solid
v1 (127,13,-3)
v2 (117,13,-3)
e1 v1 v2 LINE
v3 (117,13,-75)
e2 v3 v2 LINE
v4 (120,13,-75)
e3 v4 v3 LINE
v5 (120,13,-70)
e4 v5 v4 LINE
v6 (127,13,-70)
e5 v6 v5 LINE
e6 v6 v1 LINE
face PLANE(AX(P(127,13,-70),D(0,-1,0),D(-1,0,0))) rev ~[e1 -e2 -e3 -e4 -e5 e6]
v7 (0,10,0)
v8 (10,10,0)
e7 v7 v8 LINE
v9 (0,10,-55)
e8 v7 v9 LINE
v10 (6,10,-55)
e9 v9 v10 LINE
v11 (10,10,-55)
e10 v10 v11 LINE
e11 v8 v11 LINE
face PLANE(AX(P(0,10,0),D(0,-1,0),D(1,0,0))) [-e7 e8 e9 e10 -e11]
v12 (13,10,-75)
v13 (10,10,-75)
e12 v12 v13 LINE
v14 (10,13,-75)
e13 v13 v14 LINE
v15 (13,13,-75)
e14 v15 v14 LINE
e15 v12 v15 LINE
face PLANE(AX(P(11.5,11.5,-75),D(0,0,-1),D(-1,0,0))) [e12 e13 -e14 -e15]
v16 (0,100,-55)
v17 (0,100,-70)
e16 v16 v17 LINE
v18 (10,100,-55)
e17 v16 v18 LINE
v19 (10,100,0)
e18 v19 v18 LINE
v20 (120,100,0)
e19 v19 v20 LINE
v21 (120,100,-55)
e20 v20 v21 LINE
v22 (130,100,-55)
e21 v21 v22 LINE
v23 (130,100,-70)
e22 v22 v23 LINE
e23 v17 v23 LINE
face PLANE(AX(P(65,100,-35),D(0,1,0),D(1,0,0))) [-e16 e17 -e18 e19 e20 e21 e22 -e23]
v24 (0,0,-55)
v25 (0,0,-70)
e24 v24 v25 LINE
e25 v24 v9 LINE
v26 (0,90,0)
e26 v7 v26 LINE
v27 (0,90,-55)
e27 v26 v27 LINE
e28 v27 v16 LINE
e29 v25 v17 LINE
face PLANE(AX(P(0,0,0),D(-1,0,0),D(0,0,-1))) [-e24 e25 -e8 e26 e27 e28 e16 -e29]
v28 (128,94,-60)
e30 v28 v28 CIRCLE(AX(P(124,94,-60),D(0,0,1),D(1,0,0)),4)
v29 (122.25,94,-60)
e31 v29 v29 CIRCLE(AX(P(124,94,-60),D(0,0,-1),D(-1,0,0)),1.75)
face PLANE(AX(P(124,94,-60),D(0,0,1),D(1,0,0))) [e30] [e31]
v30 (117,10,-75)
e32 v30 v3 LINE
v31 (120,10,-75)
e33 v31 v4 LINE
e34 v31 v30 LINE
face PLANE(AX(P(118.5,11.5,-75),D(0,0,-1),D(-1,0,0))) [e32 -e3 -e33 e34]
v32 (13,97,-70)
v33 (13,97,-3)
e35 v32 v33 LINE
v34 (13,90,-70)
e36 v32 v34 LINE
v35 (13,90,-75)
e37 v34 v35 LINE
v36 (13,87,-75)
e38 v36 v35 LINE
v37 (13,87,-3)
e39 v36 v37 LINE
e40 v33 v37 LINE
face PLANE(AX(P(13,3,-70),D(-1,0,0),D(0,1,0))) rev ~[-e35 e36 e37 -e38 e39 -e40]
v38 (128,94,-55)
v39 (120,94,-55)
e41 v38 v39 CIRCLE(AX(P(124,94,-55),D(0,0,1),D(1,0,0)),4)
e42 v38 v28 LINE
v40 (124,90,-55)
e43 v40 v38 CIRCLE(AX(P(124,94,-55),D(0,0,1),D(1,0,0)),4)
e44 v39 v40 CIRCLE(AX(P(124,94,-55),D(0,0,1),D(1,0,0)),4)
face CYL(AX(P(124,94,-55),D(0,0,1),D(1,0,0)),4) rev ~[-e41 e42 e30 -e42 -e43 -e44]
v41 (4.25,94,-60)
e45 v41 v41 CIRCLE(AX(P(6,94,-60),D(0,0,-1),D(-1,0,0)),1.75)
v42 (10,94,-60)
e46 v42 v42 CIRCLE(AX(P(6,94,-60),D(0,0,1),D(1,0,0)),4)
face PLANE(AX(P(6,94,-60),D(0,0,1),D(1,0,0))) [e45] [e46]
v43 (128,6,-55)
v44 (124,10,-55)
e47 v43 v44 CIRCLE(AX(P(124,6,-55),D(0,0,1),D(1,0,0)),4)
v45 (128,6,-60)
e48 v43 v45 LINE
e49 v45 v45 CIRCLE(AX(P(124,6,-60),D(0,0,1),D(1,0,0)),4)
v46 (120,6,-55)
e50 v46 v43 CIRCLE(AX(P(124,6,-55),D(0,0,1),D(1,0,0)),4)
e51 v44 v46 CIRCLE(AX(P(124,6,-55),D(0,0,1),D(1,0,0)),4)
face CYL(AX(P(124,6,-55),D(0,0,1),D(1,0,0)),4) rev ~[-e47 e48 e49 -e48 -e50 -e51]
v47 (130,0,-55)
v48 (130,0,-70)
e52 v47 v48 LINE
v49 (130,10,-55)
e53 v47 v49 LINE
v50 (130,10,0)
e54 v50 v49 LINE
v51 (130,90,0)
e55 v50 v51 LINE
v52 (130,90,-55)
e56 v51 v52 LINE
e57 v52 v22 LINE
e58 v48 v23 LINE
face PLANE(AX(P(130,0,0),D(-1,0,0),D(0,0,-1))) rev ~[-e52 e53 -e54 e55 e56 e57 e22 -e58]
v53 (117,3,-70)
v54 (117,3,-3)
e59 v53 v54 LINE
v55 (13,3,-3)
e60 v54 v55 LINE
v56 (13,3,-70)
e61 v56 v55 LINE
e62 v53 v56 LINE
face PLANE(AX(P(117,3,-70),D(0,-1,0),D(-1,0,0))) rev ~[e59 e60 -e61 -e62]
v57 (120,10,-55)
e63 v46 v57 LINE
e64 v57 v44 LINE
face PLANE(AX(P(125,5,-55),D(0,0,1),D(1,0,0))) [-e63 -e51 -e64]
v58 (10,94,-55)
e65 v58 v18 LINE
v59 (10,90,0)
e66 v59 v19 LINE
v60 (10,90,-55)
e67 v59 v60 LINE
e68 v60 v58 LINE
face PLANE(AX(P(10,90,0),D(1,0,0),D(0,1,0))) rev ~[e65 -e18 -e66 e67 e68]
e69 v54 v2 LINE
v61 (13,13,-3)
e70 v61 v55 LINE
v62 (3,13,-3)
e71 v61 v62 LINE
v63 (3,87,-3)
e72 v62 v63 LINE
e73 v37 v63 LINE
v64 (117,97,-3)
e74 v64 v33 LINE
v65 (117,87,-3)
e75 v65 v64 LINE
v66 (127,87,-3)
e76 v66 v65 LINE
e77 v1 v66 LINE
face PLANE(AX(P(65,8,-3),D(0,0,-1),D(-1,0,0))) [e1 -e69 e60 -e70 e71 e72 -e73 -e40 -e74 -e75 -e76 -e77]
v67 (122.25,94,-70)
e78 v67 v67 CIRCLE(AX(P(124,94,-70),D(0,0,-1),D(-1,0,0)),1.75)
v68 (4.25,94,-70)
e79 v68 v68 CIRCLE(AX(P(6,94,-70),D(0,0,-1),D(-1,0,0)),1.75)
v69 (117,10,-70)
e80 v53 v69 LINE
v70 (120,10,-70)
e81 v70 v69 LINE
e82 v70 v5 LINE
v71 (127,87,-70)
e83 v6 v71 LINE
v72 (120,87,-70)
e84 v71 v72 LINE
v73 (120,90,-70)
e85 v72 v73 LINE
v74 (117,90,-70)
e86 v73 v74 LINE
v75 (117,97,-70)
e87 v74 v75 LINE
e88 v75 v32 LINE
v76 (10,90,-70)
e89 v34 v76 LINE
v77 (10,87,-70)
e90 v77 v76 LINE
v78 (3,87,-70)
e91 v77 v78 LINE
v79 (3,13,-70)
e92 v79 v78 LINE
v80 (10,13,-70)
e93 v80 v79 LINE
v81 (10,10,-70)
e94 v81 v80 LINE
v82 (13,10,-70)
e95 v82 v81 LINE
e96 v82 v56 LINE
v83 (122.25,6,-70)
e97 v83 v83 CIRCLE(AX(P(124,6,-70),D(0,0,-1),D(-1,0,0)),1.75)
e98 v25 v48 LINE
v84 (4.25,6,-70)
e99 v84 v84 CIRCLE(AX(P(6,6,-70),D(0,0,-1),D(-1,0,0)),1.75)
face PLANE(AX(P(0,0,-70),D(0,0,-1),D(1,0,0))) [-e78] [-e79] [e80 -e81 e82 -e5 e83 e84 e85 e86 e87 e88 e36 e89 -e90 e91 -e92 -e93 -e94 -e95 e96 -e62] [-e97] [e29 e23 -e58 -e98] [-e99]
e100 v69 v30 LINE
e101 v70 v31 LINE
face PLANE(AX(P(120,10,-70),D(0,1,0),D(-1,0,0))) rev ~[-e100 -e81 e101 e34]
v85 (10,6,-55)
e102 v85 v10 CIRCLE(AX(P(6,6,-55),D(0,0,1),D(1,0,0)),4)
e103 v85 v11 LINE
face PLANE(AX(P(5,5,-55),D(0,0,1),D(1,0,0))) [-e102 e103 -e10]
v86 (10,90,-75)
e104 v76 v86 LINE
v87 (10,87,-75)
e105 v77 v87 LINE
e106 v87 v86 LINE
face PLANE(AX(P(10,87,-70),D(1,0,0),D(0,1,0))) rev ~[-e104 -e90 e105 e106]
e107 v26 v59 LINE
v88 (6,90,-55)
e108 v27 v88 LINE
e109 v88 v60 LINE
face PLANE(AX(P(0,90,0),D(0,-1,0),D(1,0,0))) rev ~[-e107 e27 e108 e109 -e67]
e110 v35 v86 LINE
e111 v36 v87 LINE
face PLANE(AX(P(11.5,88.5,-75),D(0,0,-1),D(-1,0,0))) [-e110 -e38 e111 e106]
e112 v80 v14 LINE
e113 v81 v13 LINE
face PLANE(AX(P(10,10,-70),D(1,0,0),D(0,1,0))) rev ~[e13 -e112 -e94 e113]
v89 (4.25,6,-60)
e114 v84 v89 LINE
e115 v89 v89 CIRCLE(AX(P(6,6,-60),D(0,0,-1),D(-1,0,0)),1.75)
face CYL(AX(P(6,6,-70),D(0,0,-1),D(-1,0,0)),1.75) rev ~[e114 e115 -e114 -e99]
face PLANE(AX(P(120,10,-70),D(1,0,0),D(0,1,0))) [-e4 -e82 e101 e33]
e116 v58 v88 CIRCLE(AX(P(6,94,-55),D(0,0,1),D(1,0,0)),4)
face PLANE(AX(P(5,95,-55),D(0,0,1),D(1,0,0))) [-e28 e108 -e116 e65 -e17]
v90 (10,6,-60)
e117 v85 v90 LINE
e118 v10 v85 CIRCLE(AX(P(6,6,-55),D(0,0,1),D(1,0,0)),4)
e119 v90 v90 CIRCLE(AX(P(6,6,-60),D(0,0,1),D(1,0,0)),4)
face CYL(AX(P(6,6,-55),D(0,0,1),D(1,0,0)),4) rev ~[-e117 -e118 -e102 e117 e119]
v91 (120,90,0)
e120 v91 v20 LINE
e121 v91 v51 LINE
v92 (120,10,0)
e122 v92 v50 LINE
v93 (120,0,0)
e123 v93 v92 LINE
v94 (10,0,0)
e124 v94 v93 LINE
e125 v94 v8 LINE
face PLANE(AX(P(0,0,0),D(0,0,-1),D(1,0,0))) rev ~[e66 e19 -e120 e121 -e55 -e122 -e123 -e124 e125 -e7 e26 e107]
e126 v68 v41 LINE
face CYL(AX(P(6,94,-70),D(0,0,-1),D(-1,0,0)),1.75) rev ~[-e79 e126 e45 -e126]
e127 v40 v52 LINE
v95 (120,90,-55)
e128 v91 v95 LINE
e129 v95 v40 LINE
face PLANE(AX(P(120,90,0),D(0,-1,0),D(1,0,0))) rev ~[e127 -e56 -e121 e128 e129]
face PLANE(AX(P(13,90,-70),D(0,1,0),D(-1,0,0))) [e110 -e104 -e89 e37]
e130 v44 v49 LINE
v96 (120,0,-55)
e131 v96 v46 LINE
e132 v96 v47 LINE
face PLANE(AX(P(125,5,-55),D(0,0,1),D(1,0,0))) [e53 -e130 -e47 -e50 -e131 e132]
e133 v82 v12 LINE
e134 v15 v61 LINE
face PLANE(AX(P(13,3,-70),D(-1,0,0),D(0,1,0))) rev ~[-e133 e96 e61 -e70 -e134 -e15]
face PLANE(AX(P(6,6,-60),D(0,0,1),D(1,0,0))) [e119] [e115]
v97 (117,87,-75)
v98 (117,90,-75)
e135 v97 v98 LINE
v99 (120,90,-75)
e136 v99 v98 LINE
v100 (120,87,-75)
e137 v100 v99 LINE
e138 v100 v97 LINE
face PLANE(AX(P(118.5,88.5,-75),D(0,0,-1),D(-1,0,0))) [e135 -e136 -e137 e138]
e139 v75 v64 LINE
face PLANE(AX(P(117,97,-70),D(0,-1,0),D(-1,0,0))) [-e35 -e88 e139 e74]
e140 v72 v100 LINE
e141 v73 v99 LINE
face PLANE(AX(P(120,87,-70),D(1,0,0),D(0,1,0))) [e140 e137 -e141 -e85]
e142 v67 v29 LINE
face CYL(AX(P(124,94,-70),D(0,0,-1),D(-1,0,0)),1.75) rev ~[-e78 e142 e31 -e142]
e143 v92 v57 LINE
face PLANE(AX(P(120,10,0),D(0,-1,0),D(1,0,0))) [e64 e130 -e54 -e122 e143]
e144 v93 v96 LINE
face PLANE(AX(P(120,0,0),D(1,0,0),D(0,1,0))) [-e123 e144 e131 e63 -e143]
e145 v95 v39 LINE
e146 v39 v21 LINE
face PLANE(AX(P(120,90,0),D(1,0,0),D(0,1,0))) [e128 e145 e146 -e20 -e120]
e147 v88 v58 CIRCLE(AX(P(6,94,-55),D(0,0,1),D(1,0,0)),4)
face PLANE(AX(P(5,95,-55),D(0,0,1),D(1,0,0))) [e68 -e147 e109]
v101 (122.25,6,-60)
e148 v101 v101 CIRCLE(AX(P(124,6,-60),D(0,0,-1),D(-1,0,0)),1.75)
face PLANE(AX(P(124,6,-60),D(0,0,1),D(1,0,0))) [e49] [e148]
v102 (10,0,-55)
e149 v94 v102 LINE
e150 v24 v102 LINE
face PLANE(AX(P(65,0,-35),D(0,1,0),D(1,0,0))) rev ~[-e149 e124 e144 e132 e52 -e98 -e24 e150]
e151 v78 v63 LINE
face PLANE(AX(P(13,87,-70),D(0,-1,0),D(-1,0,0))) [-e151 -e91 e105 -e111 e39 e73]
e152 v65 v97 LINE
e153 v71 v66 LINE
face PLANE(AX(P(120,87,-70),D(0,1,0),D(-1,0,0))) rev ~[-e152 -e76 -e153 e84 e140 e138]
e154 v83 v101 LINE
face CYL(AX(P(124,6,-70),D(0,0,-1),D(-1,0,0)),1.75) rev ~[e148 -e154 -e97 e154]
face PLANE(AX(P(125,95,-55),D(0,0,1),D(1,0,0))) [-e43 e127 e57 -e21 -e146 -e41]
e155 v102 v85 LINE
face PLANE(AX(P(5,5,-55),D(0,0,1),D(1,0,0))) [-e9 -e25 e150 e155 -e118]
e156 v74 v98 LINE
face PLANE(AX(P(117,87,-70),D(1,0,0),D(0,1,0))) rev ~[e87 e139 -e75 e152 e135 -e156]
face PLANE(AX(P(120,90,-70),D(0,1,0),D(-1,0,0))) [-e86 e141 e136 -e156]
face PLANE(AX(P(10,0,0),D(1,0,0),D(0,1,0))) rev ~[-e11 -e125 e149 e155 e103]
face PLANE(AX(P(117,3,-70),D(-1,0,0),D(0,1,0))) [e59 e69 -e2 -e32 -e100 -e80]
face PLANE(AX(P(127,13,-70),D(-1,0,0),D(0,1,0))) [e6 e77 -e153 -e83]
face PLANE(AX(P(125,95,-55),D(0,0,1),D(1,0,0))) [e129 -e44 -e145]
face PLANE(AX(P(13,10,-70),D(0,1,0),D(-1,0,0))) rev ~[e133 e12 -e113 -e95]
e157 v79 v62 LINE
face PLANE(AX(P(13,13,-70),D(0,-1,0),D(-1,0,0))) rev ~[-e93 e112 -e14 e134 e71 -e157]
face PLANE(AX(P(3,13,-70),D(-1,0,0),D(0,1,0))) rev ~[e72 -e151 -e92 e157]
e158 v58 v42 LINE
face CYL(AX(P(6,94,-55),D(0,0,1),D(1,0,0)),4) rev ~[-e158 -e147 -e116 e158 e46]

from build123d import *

# Parameters (mm, degrees)
SKETCH2_W           = 130
SKETCH2_H           = 70
BOSS_EXTRUDE1_DEPTH = 100
SKETCH3_W           = 104
SKETCH3_H           = 74
CUT_EXTRUDE1_DEPTH  = 67
SKETCH4_W           = 10
SKETCH4_H           = 10
CUT_EXTRUDE2_DEPTH  = 55
SKETCH5_W           = 104
SKETCH5_H           = 10
CUT_EXTRUDE3_DEPTH  = 67
SKETCH6_W           = 10
SKETCH6_H           = 74
CUT_EXTRUDE4_DEPTH  = 67
SKETCH9_R           = 1.75
CUT_EXTRUDE5_DEPTH  = 67
SKETCH10_R          = 4
CUT_EXTRUDE6_DEPTH  = 5
SKETCH12_R          = 4
CUT_EXTRUDE7_DEPTH  = 5
SKETCH13_R          = 4
CUT_EXTRUDE8_DEPTH  = 5
SKETCH14_R          = 4
CUT_EXTRUDE9_DEPTH  = 5
SKETCH15_W          = 3
SKETCH15_H          = 3
BOSS_EXTRUDE2_DEPTH = 5


with BuildPart() as part:
    # Sketch2 → Boss-Extrude1 (new body)
    with BuildSketch(Plane(origin=(0, 0, 0), x_dir=(1, 0, 0), z_dir=(0, 1, 0))):
        with Locations((65, 35)):
            Rectangle(SKETCH2_W, SKETCH2_H)
    extrude(amount=BOSS_EXTRUDE1_DEPTH)

    # Sketch3 → Cut-Extrude1 (cut)
    with BuildSketch(Plane(origin=(0, 0, -70), x_dir=(-1, 0, 0), z_dir=(0, 0, -1))):
        with Locations((-65, 50)):
            Rectangle(SKETCH3_W, SKETCH3_H)
    extrude(amount=-CUT_EXTRUDE1_DEPTH, mode=Mode.SUBTRACT)

    # Sketch4 → Cut-Extrude2 (cut)
    with BuildSketch(Plane.XY):
        with Locations((5, 95)):
            Rectangle(SKETCH4_W, SKETCH4_H)
        with Locations((125, 95)):
            Rectangle(SKETCH4_W, SKETCH4_H)
        with Locations((5, 5)):
            Rectangle(SKETCH4_W, SKETCH4_H)
        with Locations((125, 5)):
            Rectangle(SKETCH4_W, SKETCH4_H)
    extrude(amount=-CUT_EXTRUDE2_DEPTH, mode=Mode.SUBTRACT)

    # Sketch5 → Cut-Extrude3 (cut)
    with BuildSketch(Plane(origin=(0, 0, -70), x_dir=(-1, 0, 0), z_dir=(0, 0, -1))):
        with Locations((-65, 92)):
            Rectangle(SKETCH5_W, SKETCH5_H)
        with Locations((-65, 8)):
            Rectangle(SKETCH5_W, SKETCH5_H)
    extrude(amount=-CUT_EXTRUDE3_DEPTH, mode=Mode.SUBTRACT)

    # Sketch6 → Cut-Extrude4 (cut)
    with BuildSketch(Plane(origin=(0, 0, -70), x_dir=(-1, 0, 0), z_dir=(0, 0, -1))):
        with Locations((-122, 50)):
            Rectangle(SKETCH6_W, SKETCH6_H)
        with Locations((-8, 50)):
            Rectangle(SKETCH6_W, SKETCH6_H)
    extrude(amount=-CUT_EXTRUDE4_DEPTH, mode=Mode.SUBTRACT)

    # Sketch9 → Cut-Extrude5 (cut)
    with BuildSketch(Plane(origin=(0, 0, -70), x_dir=(-1, 0, 0), z_dir=(0, 0, -1))):
        with Locations((-124, 94)):
            Circle(SKETCH9_R)
        with Locations((-124, 6)):
            Circle(SKETCH9_R)
        with Locations((-6, 94)):
            Circle(SKETCH9_R)
        with Locations((-6, 6)):
            Circle(SKETCH9_R)
    extrude(amount=-CUT_EXTRUDE5_DEPTH, mode=Mode.SUBTRACT)

    # Sketch10 → Cut-Extrude6 (cut)
    with BuildSketch(Plane.XY.offset(-55)):
        with Locations((124, 94)):
            Circle(SKETCH10_R)
    extrude(amount=-CUT_EXTRUDE6_DEPTH, mode=Mode.SUBTRACT)

    # Sketch12 → Cut-Extrude7 (cut)
    with BuildSketch(Plane.XY.offset(-55)):
        with Locations((124, 6)):
            Circle(SKETCH12_R)
    extrude(amount=-CUT_EXTRUDE7_DEPTH, mode=Mode.SUBTRACT)

    # Sketch13 → Cut-Extrude8 (cut)
    with BuildSketch(Plane.XY.offset(-55)):
        with Locations((6, 6)):
            Circle(SKETCH13_R)
    extrude(amount=-CUT_EXTRUDE8_DEPTH, mode=Mode.SUBTRACT)

    # Sketch14 → Cut-Extrude9 (cut)
    with BuildSketch(Plane.XY.offset(-55)):
        with Locations((6, 94)):
            Circle(SKETCH14_R)
    extrude(amount=-CUT_EXTRUDE9_DEPTH, mode=Mode.SUBTRACT)

    # Sketch15 → Boss-Extrude2 (add)
    with BuildSketch(Plane(origin=(0, 0, -70), x_dir=(-1, 0, 0), z_dir=(0, 0, -1))):
        with Locations((-118.5, 88.5)):
            Rectangle(SKETCH15_W, SKETCH15_H)
        with Locations((-118.5, 11.5)):
            Rectangle(SKETCH15_W, SKETCH15_H)
        with Locations((-11.5, 11.5)):
            Rectangle(SKETCH15_W, SKETCH15_H)
        with Locations((-11.5, 88.5)):
            Rectangle(SKETCH15_W, SKETCH15_H)
    extrude(amount=BOSS_EXTRUDE2_DEPTH)


solid = part.part
